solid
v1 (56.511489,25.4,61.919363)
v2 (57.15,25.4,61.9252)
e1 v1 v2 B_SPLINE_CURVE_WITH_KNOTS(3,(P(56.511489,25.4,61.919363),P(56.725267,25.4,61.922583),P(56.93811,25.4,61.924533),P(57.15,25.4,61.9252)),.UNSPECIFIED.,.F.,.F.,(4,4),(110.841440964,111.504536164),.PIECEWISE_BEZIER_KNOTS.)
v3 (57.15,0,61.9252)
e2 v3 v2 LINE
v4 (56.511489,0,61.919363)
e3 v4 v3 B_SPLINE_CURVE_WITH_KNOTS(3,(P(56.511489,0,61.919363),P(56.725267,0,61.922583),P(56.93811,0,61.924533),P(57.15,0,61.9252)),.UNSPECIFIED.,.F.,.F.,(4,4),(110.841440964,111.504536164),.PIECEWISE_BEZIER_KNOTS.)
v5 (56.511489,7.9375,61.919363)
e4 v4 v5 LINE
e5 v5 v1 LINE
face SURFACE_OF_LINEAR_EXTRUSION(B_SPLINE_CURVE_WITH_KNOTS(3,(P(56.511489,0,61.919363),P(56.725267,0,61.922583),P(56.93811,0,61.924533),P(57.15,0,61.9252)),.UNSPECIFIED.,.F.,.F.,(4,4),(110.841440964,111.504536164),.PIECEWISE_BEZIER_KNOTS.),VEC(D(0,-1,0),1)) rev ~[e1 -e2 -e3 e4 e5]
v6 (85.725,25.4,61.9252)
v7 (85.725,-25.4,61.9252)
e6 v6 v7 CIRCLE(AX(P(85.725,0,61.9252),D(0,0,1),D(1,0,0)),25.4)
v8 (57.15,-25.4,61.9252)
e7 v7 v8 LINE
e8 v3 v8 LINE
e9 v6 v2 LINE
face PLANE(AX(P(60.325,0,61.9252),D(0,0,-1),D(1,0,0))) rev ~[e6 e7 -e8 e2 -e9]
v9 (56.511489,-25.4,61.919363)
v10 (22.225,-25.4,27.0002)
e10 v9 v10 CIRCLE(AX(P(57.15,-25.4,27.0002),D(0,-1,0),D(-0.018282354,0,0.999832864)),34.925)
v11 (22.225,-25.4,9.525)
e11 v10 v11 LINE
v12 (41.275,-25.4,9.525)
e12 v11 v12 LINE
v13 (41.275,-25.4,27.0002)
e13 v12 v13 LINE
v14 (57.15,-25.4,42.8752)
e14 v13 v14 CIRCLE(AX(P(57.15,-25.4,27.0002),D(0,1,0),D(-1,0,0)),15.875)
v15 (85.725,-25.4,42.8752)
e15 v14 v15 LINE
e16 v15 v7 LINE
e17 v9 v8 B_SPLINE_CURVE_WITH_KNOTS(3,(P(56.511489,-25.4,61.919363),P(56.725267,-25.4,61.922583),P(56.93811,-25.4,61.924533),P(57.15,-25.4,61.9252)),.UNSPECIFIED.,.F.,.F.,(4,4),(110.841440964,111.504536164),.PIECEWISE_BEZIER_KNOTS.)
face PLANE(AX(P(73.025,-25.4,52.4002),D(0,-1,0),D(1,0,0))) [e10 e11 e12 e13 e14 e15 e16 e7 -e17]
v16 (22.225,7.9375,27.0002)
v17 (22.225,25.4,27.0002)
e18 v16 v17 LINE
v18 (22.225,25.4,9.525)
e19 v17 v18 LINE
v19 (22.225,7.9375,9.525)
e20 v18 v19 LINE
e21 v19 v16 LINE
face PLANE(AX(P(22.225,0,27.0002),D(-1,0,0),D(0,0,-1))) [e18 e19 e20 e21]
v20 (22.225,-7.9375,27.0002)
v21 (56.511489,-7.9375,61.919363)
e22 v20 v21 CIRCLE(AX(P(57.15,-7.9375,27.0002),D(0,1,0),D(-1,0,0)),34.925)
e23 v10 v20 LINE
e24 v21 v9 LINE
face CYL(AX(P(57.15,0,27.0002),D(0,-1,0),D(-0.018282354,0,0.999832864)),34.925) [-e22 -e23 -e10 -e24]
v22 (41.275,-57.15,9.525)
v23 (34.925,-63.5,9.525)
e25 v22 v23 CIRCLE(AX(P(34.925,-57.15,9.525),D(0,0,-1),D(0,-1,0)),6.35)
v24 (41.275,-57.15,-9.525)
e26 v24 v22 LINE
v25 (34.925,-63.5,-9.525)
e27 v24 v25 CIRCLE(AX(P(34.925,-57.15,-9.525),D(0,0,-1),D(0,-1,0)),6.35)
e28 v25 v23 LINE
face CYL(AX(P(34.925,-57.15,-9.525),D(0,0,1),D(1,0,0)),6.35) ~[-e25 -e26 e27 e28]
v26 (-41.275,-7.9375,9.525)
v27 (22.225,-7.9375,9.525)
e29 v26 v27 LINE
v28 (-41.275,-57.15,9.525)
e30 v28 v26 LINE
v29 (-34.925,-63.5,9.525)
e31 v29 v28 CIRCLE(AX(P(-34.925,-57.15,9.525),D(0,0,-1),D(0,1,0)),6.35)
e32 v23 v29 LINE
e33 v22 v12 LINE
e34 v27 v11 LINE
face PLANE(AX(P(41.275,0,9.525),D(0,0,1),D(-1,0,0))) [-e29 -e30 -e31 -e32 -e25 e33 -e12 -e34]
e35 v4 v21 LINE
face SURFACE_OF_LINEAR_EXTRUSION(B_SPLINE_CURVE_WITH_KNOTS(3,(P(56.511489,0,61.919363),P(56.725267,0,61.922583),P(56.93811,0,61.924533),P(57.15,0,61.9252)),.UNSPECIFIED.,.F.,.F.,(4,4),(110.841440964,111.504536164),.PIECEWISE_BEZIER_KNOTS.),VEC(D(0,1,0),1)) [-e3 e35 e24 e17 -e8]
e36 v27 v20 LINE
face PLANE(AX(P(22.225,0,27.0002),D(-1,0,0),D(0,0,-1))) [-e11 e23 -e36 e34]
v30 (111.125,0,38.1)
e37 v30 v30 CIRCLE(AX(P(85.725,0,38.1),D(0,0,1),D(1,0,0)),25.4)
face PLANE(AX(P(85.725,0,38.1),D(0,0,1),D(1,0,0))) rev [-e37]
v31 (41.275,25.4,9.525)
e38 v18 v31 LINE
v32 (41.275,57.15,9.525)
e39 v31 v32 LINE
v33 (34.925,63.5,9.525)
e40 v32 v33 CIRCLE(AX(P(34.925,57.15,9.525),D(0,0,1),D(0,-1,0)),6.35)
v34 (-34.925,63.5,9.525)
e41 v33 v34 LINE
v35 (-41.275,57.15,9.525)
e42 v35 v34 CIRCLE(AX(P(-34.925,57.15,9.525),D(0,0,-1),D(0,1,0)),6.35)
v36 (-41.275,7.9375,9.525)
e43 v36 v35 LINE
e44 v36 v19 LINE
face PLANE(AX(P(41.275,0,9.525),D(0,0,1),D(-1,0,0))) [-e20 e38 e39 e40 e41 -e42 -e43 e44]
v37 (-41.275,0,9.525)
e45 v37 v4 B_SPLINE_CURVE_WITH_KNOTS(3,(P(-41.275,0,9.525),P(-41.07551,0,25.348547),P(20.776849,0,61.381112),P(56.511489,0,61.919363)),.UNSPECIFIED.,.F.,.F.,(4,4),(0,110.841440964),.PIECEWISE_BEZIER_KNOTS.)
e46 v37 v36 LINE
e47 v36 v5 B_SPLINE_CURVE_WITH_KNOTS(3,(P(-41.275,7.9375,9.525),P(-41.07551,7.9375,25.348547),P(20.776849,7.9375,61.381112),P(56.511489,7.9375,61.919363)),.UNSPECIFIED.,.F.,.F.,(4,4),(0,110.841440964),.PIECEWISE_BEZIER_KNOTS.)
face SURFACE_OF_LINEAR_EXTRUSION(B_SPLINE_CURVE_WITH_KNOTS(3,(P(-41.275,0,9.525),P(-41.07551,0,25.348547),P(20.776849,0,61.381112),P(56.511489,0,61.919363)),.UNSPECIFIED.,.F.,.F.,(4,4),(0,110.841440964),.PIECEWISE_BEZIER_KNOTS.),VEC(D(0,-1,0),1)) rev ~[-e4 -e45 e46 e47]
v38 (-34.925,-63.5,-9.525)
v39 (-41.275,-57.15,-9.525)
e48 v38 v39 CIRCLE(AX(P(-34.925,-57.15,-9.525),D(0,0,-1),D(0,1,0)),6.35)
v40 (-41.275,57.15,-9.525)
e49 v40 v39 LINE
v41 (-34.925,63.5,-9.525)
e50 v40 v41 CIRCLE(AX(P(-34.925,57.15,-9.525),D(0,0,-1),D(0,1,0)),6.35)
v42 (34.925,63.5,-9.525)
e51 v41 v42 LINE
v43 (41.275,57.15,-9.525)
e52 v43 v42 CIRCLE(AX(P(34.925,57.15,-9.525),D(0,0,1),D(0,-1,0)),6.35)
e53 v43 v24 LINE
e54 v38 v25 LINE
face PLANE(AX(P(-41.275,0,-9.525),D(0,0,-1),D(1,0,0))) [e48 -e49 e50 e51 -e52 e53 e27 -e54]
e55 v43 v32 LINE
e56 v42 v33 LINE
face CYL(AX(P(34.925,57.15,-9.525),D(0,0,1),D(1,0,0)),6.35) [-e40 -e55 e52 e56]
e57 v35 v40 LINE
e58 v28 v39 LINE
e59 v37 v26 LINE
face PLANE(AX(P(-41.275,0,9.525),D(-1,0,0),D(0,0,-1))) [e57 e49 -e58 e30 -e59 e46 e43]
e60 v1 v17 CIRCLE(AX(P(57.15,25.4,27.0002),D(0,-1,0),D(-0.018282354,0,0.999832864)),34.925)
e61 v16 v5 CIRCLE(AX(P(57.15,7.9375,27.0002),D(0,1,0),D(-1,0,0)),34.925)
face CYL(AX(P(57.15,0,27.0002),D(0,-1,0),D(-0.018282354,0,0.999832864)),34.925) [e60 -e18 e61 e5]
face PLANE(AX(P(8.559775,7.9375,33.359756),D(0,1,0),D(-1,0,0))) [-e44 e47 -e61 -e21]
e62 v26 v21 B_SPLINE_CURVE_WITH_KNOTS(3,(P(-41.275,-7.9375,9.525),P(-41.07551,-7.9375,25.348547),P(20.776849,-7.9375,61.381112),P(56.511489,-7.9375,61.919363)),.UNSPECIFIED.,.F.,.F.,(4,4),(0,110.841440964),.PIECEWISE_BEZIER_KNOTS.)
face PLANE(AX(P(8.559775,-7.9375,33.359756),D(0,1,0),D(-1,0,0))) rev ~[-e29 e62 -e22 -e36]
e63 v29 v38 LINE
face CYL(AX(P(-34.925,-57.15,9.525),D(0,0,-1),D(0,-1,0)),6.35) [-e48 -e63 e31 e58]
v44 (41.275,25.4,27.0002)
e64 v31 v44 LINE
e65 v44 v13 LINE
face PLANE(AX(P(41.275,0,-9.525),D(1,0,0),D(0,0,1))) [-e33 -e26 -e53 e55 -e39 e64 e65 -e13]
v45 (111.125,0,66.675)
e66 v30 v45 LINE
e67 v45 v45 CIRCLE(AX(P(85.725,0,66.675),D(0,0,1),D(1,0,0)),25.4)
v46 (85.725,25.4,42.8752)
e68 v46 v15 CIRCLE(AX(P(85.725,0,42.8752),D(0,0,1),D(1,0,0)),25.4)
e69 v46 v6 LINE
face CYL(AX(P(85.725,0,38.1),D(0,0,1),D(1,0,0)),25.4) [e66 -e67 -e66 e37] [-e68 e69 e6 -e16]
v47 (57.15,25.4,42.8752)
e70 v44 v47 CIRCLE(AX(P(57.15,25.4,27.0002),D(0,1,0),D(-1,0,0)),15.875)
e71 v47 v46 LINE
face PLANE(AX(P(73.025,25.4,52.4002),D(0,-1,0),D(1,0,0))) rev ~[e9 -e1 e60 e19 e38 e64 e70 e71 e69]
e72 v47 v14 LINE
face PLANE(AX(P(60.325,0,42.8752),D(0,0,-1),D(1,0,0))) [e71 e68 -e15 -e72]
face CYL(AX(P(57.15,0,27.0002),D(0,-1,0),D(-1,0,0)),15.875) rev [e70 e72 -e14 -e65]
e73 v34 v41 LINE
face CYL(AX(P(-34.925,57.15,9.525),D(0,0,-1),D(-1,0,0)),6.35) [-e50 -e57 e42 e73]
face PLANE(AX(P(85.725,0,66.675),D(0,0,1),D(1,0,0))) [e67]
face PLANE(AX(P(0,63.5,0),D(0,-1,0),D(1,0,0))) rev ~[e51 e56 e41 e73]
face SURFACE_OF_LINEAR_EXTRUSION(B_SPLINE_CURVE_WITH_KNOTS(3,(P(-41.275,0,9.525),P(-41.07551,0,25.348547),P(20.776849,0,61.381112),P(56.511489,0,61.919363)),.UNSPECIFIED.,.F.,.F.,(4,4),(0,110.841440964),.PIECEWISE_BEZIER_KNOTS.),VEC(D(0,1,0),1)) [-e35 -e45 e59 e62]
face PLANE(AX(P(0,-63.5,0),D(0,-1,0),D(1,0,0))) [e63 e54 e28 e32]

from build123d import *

# Parameters (mm, degrees)
F1_DEPTH = 63.5
F2_DEPTH = 25.4
F0_W     = 25.4
F0_H     = 19.05
F3_DEPTH = 25.4
F4_DEPTH = 7.9375
F6_R     = 6.35


with BuildPart() as f1:
    # F0 (on Front) → F1 (new body, symmetric)
    with BuildSketch(Plane.XZ):
        Polygon((22.225, 9.525), (-41.275, 9.525), (-41.275, -9.525), (41.275, -9.525), (41.275, 9.525), align=None)
    extrude(amount=F1_DEPTH, both=True)

    # F0 (on Front) → F2 (join, symmetric)
    with BuildSketch(Plane.XZ):
        with BuildLine():
            Line((22.225, 27.0002), (22.225, 9.525))
            Line((22.225, 9.525), (41.275, 9.525))
            Line((41.275, 9.525), (41.275, 27.0002))
            ThreePointArc((41.275, 27.0002), (45.9246798487, 38.2255201513), (57.15, 42.8752))
            Line((57.15, 42.8752), (60.325, 42.8752))
            Line((60.325, 42.8752), (60.325, 61.9252))
            Line((60.325, 61.9252), (57.15, 61.9252))
            add(Edge.make_bspline(
                [(56.5114887891, 61.9193627682), (56.7252668459, 61.9225827874), (56.9381101801, 61.9245325067), (57.15, 61.9252)],
                knots=[110.8414409639, 110.8414409639, 110.8414409639, 110.8414409639, 111.5045361635, 111.5045361635, 111.5045361635, 111.5045361635], degree=3))
            ThreePointArc((56.5114887891, 61.9193627682), (32.2295703384, 51.469115188), (22.225, 27.0002))
        make_face()
    extrude(amount=F2_DEPTH, both=True)

    # F0 (on Front) → F3 (join, symmetric)
    with BuildSketch(Plane.XZ):
        with Locations((73.025, 52.4002)):
            Rectangle(F0_W, F0_H)
    extrude(amount=F3_DEPTH, both=True)

    # F0 (on Front) → F4 (join, symmetric)
    with BuildSketch(Plane.XZ):
        with BuildLine():
            add(Edge.make_bspline(
                [(-41.275, 9.525), (-41.0755103707, 25.3485469245), (20.7768493641, 61.3811119099), (56.5114887891, 61.9193627682)],
                knots=[0, 0, 0, 0, 110.8414409639, 110.8414409639, 110.8414409639, 110.8414409639], degree=3))
            Line((-41.275, 9.525), (22.225, 9.525))
            Line((22.225, 9.525), (22.225, 27.0002))
            ThreePointArc((22.225, 27.0002), (32.2295703384, 51.469115188), (56.5114887891, 61.9193627682))
        make_face()
    extrude(amount=F4_DEPTH, both=True)

    # F0 (on Front) → F5 (revolve)
    with BuildSketch(Plane.XZ):
        Polygon((85.725, 66.675), (85.725, 61.9252), (85.725, 42.8752), (85.725, 38.1), (111.125, 38.1), (111.125, 66.675), align=None)
    revolve(axis=Axis((85.725, 0, 52.3875), (0, 0, 1)))

    # F6
    f6_edges = [f1.edges().sort_by_distance(p)[0] for p in [
        (-41.275, -63.5, 0),
        (41.275, -63.5, 0),
        (41.275, 63.5, 0),
        (-41.275, 63.5, 0),
    ]]
    fillet(f6_edges, radius=F6_R)


solid = f1.part
